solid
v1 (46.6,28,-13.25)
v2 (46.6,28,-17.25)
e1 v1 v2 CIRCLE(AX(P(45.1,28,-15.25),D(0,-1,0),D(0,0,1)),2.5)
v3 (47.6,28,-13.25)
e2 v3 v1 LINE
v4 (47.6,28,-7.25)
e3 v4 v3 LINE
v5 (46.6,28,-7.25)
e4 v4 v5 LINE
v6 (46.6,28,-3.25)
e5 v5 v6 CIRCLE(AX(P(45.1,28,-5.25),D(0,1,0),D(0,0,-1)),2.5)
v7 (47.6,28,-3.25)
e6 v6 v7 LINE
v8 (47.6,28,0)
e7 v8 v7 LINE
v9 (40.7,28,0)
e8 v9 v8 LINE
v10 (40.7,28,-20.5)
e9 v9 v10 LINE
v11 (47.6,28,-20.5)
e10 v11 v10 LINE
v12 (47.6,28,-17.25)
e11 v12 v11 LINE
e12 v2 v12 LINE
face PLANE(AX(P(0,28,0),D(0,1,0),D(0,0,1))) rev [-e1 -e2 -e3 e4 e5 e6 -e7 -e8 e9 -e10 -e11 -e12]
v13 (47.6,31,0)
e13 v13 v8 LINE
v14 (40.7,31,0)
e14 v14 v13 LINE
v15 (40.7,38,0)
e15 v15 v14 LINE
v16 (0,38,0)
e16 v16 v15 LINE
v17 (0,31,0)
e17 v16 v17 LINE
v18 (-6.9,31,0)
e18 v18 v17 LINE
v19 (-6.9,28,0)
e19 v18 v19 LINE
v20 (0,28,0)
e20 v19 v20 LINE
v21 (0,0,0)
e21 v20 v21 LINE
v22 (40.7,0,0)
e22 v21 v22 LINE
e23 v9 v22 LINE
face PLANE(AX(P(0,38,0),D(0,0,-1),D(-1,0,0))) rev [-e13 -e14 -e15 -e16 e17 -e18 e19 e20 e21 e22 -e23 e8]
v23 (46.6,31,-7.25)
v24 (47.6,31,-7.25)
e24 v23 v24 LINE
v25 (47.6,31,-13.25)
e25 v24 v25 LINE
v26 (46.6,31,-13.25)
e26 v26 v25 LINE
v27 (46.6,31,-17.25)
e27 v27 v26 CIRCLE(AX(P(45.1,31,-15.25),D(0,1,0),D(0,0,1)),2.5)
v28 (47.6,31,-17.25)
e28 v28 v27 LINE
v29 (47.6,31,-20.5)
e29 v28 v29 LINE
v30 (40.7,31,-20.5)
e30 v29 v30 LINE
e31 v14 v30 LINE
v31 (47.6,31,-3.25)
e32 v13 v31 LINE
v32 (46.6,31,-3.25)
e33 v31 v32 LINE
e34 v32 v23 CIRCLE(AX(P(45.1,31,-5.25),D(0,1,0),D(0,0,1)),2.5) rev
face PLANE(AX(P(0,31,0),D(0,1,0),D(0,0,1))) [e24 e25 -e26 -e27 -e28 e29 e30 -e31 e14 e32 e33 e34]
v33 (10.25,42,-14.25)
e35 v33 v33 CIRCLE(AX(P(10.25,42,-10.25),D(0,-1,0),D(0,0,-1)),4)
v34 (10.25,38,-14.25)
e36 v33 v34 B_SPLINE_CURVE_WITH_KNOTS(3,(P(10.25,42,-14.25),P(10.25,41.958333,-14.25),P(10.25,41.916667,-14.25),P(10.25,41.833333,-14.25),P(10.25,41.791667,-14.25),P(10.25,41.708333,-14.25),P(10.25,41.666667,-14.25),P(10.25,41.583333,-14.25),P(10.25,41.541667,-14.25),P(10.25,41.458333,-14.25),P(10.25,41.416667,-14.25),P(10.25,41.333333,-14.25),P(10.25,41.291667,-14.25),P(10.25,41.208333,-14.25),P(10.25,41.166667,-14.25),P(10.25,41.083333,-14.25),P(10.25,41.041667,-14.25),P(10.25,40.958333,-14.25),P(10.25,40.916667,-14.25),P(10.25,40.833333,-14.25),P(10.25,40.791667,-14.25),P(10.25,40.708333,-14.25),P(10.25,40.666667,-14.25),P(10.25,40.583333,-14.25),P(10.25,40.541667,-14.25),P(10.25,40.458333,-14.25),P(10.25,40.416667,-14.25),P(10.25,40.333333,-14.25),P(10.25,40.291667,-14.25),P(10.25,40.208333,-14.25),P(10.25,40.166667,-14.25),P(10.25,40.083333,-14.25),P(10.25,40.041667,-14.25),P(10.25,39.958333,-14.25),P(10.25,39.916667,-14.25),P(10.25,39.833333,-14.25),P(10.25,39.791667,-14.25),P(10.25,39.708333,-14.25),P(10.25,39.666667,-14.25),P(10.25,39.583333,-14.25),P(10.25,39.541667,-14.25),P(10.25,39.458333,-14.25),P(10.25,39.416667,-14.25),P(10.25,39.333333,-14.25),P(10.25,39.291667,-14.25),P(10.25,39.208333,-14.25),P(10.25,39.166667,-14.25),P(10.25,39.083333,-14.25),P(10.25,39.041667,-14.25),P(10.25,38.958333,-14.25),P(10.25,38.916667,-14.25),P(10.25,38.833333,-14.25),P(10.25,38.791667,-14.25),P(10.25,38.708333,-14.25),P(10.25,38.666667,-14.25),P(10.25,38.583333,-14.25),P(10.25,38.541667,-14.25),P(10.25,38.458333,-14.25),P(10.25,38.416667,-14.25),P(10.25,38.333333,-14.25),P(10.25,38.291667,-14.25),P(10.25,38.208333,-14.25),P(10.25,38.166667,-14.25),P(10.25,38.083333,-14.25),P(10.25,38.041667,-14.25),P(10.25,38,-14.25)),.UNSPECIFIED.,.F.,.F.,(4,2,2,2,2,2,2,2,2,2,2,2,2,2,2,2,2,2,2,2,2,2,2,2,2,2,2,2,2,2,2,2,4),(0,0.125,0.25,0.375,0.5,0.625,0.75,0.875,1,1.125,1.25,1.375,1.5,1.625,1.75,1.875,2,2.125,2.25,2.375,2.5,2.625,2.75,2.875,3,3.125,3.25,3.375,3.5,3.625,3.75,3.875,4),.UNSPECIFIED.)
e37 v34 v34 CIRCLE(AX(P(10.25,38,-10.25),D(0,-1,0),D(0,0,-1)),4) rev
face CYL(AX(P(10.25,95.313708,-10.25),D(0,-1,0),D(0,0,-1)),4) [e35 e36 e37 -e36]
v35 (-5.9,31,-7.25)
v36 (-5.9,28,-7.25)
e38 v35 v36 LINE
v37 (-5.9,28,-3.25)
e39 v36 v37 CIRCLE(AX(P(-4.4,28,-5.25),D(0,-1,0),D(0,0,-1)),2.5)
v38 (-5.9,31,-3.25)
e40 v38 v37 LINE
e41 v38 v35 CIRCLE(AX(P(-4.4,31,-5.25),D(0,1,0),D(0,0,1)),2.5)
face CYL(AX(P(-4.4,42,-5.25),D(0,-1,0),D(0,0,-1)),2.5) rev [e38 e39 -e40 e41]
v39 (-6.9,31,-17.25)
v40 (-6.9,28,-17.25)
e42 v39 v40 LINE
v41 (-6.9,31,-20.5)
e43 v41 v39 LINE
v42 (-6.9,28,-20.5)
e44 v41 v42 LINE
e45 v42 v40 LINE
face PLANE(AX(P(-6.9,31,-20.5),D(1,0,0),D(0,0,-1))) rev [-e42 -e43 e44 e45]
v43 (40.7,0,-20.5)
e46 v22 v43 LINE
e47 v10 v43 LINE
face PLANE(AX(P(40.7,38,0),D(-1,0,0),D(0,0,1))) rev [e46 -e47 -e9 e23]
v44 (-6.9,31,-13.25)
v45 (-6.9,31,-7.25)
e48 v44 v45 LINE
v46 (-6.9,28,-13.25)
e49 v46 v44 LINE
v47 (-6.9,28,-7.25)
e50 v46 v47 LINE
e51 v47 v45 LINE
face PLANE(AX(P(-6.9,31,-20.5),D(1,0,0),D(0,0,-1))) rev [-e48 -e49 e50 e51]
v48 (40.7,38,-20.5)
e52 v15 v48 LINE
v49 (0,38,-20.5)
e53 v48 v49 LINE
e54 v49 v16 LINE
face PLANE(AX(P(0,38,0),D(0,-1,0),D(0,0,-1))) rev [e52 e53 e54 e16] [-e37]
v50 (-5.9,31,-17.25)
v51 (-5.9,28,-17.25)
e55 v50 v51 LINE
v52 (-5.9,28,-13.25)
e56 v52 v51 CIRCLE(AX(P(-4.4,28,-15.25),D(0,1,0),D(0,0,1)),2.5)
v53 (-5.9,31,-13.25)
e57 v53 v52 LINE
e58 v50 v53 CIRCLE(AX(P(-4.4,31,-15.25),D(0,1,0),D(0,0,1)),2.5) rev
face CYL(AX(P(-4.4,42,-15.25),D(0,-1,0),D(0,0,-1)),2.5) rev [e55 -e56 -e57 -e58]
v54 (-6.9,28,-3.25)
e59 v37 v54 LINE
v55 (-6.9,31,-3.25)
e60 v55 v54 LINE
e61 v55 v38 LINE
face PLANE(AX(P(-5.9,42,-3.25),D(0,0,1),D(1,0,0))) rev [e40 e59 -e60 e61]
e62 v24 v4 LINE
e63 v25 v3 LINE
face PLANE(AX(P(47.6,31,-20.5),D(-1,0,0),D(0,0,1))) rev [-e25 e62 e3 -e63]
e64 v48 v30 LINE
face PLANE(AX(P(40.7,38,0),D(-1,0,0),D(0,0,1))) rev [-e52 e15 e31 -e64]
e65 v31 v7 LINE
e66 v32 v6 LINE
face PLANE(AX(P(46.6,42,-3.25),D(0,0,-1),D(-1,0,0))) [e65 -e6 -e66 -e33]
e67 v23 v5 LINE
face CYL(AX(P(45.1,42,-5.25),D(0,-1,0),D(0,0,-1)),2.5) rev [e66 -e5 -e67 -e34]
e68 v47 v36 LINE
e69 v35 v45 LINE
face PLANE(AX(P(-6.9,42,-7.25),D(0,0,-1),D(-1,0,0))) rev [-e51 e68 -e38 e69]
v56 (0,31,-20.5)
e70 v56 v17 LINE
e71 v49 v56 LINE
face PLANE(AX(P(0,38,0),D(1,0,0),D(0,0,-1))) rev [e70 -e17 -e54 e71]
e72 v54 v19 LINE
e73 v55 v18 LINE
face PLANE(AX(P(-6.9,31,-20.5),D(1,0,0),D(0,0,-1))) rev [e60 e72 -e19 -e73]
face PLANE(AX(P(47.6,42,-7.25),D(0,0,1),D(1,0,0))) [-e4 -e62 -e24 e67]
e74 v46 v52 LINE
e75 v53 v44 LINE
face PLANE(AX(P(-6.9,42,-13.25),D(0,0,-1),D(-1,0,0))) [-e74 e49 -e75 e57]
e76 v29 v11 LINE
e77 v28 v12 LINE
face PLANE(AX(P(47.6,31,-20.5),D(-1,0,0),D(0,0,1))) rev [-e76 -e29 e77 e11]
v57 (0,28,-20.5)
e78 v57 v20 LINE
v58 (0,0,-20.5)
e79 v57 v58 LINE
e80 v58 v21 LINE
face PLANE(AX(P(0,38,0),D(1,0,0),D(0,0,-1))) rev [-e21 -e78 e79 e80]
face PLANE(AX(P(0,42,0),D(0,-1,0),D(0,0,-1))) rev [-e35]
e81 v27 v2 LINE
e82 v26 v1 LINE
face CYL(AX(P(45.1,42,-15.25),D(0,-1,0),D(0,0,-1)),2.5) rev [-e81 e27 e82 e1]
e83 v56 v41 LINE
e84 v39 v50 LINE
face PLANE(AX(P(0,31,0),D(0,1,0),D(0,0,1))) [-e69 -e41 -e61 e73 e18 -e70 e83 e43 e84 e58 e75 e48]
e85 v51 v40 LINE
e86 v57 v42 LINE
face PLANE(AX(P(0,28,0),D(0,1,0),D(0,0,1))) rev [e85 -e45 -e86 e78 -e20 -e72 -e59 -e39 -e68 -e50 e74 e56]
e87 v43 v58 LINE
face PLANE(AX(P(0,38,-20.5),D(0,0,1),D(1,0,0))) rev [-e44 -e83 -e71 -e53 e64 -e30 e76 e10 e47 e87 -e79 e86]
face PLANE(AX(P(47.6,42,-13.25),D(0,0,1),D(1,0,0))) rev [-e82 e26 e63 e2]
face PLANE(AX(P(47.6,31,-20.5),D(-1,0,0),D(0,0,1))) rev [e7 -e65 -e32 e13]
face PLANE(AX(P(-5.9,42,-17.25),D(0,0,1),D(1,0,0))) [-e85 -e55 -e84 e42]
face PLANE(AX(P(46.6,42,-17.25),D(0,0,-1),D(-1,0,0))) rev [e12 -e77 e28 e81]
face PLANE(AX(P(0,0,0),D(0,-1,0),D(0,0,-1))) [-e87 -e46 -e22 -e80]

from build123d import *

# Parameters (mm, degrees)
SKETCH1_W            = 40.7
SKETCH1_H            = 20.5
BOSS_EXTRUDE1_DEPTH  = 38
SKETCH2_R            = 4
BOSS_EXTRUDE2_DEPTH  = 4
SKETCH3_W            = 54.5
SKETCH3_H            = 20.5
BOSS_EXTRUDE3_DEPTH  = 3
CUT_EXTRUDE1_DEPTH   = 59.90679078
MIRROR2_COPY_1_DEPTH = 59.90679078


with BuildPart() as part:
    # Sketch1 → Boss-Extrude1 (new body)
    with BuildSketch(Plane(origin=(0, 0, 0), x_dir=(1, 0, 0), z_dir=(0, 1, 0))):
        with Locations((20.35, 10.25)):
            Rectangle(SKETCH1_W, SKETCH1_H)
    extrude(amount=BOSS_EXTRUDE1_DEPTH)

    # Sketch2 → Boss-Extrude2 (add)
    with BuildSketch(Plane(origin=(0, 38, 0), x_dir=(1, 0, 0), z_dir=(0, 1, 0))):
        with Locations(Location((10.25, 10.25, 0), (0, 0, 90))):
            Circle(SKETCH2_R)
    extrude(amount=BOSS_EXTRUDE2_DEPTH)

    # Sketch3 → Boss-Extrude3 (add)
    with BuildSketch(Plane(origin=(0, 28, 0), x_dir=(1, 0, 0), z_dir=(0, 1, 0))):
        with Locations((20.35, 10.25)):
            Rectangle(SKETCH3_W, SKETCH3_H)
    extrude(amount=BOSS_EXTRUDE3_DEPTH)

    # Sketch4 → Cut-Extrude1 (cut, through all)
    with BuildSketch(Plane(origin=(0, 28, 0), x_dir=(1, 0, 0), z_dir=(0, 1, 0))):
        with BuildLine():
            Line((-5.9, 17.25), (-6.9, 17.25))
            Line((-6.9, 17.25), (-6.9, 13.25))
            Line((-6.9, 13.25), (-5.9, 13.25))
            ThreePointArc((-5.9, 13.25), (-1.9, 15.25), (-5.9, 17.25))
        make_face()
    cut_extrude1 = extrude(amount=CUT_EXTRUDE1_DEPTH, mode=Mode.SUBTRACT)

    # Mirror1: Cut-Extrude1 across plane
    add(cut_extrude1.mirror(Plane(origin=(0, 0, -10.25), x_dir=(1, 0, 0), z_dir=(0, 0, -1))), mode=Mode.SUBTRACT)

    # Mirror2: Cut-Extrude1 across plane
    add(cut_extrude1.mirror(Plane(origin=(20.35, 0, 0), x_dir=(0, 0, 1), z_dir=(1, 0, 0))), mode=Mode.SUBTRACT)

    # Mirror2 copy 1 sketch → Mirror2 copy 1 (cut, through all)
    with BuildSketch(Plane(origin=(40.7, 28, -20.5), x_dir=(-1, 0, 0), z_dir=(0, 1, 0))):
        with BuildLine():
            Line((-5.9, 17.25), (-6.9, 17.25))
            Line((-6.9, 17.25), (-6.9, 13.25))
            Line((-6.9, 13.25), (-5.9, 13.25))
            ThreePointArc((-5.9, 13.25), (-1.9, 15.25), (-5.9, 17.25))
        make_face()
    extrude(amount=MIRROR2_COPY_1_DEPTH, mode=Mode.SUBTRACT)


solid = part.part
